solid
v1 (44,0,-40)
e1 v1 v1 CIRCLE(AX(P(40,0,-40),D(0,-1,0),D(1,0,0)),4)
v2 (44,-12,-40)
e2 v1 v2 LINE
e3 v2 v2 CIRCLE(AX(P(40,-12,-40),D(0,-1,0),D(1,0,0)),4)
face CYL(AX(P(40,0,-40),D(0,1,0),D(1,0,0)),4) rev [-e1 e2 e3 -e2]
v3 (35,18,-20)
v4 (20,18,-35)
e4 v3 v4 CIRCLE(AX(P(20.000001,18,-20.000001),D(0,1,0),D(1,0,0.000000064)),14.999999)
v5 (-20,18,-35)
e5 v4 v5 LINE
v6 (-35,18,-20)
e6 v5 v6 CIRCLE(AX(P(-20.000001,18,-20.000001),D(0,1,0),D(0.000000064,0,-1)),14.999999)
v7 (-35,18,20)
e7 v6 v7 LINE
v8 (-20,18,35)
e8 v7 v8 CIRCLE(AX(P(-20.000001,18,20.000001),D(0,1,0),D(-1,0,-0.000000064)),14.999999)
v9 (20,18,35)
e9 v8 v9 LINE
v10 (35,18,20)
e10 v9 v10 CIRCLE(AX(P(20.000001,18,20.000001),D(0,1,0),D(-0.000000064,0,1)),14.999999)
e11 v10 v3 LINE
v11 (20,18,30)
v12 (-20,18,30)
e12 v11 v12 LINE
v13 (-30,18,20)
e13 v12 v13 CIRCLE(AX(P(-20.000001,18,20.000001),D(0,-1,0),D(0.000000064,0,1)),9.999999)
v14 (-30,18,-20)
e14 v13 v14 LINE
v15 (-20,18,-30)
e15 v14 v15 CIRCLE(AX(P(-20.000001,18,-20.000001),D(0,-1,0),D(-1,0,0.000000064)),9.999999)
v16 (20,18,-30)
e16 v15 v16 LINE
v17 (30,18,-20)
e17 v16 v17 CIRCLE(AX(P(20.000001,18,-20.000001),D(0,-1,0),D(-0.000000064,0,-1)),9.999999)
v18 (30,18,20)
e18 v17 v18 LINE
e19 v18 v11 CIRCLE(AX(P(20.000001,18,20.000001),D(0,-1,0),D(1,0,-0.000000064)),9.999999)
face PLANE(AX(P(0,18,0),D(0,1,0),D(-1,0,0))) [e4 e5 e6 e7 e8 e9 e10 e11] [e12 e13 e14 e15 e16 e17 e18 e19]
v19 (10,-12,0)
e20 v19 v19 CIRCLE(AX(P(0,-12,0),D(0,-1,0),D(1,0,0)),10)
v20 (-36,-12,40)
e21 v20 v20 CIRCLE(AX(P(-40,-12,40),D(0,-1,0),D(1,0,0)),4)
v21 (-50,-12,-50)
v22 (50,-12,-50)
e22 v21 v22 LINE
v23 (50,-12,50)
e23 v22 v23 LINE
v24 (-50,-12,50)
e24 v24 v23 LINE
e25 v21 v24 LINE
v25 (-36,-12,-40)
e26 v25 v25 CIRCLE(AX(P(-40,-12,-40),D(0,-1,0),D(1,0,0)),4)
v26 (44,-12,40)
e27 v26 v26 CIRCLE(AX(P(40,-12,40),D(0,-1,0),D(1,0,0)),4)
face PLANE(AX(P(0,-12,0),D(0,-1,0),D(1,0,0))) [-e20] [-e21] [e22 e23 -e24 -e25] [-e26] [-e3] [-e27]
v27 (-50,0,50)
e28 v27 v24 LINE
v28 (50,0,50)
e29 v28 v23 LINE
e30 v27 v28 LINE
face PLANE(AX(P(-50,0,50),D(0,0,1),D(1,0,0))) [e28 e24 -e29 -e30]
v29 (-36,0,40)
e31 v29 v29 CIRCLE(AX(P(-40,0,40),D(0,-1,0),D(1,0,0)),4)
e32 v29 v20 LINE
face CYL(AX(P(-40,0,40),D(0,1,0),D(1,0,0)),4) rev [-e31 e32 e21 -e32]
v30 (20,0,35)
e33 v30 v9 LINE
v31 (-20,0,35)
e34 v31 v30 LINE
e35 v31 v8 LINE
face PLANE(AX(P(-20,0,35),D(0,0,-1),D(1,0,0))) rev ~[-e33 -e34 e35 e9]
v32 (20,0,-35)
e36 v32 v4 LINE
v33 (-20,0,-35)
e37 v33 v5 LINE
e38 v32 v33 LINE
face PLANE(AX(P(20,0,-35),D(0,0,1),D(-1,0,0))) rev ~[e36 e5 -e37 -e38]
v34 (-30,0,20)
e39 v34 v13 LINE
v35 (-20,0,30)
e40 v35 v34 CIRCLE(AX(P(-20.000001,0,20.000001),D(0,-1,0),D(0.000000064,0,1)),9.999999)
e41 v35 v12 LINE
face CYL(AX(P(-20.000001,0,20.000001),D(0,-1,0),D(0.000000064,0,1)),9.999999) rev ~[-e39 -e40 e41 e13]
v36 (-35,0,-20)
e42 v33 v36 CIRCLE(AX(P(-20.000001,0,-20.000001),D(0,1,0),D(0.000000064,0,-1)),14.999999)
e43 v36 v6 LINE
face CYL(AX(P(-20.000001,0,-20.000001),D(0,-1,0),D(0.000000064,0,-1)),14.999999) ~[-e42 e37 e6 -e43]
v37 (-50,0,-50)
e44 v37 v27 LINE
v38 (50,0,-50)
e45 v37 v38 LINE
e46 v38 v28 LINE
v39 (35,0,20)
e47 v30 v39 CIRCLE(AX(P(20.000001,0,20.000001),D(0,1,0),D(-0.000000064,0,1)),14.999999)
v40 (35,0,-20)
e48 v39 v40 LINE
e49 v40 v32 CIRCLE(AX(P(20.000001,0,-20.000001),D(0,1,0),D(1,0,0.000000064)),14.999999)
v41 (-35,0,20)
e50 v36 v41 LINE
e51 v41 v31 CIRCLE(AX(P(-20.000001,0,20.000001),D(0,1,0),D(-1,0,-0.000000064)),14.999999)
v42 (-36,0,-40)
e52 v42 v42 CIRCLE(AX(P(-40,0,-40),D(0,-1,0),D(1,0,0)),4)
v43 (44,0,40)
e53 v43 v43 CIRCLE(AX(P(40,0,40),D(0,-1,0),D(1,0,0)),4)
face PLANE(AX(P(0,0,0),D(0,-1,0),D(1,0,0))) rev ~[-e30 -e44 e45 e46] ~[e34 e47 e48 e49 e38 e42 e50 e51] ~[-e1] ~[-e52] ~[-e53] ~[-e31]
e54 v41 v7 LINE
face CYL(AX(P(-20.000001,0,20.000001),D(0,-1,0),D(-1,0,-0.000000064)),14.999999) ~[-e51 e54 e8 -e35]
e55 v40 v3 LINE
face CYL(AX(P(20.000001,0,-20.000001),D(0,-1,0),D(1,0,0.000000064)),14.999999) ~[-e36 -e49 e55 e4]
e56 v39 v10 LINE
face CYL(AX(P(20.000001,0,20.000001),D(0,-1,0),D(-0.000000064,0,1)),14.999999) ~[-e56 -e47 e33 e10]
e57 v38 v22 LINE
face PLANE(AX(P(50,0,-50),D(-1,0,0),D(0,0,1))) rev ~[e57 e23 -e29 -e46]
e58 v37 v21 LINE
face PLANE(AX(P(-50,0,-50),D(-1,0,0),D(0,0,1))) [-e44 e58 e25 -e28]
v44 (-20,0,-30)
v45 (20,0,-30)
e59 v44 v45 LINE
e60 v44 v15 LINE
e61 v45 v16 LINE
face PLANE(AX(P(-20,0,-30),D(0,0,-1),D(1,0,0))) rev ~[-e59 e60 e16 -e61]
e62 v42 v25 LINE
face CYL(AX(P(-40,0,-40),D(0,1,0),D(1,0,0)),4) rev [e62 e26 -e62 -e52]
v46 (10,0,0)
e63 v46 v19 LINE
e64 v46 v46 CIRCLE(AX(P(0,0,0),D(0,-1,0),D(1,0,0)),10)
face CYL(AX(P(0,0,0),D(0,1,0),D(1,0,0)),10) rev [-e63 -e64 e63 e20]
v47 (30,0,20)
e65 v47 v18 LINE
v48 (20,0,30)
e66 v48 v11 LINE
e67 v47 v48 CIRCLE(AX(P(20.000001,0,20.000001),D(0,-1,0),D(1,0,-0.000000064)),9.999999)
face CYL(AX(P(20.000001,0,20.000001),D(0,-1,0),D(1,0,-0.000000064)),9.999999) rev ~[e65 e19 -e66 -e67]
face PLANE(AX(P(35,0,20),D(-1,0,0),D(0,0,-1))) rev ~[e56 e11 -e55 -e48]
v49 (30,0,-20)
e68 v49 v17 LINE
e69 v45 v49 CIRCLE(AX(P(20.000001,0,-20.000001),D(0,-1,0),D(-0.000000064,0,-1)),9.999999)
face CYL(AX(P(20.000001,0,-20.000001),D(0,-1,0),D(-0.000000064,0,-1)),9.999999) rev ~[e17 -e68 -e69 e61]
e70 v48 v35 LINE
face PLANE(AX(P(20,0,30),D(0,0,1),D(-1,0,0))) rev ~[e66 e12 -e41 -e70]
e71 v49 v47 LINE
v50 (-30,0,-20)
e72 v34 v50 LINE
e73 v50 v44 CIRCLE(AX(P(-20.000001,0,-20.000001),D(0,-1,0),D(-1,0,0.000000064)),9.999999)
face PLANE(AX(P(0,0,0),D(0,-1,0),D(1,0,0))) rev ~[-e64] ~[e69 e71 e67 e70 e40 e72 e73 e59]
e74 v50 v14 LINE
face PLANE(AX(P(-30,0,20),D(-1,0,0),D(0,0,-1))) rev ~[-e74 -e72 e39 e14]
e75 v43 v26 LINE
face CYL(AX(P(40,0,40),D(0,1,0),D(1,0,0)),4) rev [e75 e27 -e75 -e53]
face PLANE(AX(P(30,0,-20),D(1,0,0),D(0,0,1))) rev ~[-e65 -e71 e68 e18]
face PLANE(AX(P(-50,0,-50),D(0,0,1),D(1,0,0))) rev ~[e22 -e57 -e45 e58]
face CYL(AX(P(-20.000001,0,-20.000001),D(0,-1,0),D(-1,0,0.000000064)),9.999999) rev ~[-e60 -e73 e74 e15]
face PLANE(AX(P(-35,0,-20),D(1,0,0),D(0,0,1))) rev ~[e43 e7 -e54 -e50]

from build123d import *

# Parameters (mm, degrees)
F0_W     = 100
F0_H     = 100
F0_R     = 4
F0_R_2   = 10
F1_DEPTH = 12
F3_DEPTH = 18


with BuildPart() as f1:
    # F0 (on Front) → F1 (new body)
    with BuildSketch(Plane.XZ):
        Rectangle(F0_W, F0_H)
        with Locations((-40, -40)):
            Circle(F0_R, mode=Mode.SUBTRACT)
        with Locations((40, -40)):
            Circle(F0_R, mode=Mode.SUBTRACT)
        with Locations((-40, 40)):
            Circle(F0_R, mode=Mode.SUBTRACT)
        Circle(F0_R_2, mode=Mode.SUBTRACT)
        with Locations((40, 40)):
            Circle(F0_R, mode=Mode.SUBTRACT)
    extrude(amount=F1_DEPTH)

    # F2 (on face) → F3 (join)
    with BuildSketch(Plane(origin=(0, 0, 0), x_dir=(-1, 0, 0), z_dir=(0, 1, 0))):
        with BuildLine():
            ThreePointArc((-20, 35), (-30.606602, 30.606602), (-35, 20))
            Line((-35, 20), (-35, -20))
            ThreePointArc((-35, -20), (-30.606602, -30.606602), (-20, -35))
            Line((-20, -35), (20, -35))
            ThreePointArc((20, -35), (30.606602, -30.606602), (35, -20))
            Line((35, -20), (35, 20))
            ThreePointArc((35, 20), (30.606602, 30.606602), (20, 35))
            Line((20, 35), (-20, 35))
        make_face()
        with BuildLine():
            Line((-30, -20), (-30, 20))
            ThreePointArc((-30, 20), (-27.071068, 27.071068), (-20, 30))
            Line((-20, 30), (20, 30))
            ThreePointArc((20, 30), (27.071068, 27.071068), (30, 20))
            Line((30, 20), (30, -20))
            ThreePointArc((30, -20), (27.071068, -27.071068), (20, -30))
            Line((20, -30), (-20, -30))
            ThreePointArc((-20, -30), (-27.071068, -27.071068), (-30, -20))
        make_face(mode=Mode.SUBTRACT)
    extrude(amount=F3_DEPTH)


solid = f1.part
